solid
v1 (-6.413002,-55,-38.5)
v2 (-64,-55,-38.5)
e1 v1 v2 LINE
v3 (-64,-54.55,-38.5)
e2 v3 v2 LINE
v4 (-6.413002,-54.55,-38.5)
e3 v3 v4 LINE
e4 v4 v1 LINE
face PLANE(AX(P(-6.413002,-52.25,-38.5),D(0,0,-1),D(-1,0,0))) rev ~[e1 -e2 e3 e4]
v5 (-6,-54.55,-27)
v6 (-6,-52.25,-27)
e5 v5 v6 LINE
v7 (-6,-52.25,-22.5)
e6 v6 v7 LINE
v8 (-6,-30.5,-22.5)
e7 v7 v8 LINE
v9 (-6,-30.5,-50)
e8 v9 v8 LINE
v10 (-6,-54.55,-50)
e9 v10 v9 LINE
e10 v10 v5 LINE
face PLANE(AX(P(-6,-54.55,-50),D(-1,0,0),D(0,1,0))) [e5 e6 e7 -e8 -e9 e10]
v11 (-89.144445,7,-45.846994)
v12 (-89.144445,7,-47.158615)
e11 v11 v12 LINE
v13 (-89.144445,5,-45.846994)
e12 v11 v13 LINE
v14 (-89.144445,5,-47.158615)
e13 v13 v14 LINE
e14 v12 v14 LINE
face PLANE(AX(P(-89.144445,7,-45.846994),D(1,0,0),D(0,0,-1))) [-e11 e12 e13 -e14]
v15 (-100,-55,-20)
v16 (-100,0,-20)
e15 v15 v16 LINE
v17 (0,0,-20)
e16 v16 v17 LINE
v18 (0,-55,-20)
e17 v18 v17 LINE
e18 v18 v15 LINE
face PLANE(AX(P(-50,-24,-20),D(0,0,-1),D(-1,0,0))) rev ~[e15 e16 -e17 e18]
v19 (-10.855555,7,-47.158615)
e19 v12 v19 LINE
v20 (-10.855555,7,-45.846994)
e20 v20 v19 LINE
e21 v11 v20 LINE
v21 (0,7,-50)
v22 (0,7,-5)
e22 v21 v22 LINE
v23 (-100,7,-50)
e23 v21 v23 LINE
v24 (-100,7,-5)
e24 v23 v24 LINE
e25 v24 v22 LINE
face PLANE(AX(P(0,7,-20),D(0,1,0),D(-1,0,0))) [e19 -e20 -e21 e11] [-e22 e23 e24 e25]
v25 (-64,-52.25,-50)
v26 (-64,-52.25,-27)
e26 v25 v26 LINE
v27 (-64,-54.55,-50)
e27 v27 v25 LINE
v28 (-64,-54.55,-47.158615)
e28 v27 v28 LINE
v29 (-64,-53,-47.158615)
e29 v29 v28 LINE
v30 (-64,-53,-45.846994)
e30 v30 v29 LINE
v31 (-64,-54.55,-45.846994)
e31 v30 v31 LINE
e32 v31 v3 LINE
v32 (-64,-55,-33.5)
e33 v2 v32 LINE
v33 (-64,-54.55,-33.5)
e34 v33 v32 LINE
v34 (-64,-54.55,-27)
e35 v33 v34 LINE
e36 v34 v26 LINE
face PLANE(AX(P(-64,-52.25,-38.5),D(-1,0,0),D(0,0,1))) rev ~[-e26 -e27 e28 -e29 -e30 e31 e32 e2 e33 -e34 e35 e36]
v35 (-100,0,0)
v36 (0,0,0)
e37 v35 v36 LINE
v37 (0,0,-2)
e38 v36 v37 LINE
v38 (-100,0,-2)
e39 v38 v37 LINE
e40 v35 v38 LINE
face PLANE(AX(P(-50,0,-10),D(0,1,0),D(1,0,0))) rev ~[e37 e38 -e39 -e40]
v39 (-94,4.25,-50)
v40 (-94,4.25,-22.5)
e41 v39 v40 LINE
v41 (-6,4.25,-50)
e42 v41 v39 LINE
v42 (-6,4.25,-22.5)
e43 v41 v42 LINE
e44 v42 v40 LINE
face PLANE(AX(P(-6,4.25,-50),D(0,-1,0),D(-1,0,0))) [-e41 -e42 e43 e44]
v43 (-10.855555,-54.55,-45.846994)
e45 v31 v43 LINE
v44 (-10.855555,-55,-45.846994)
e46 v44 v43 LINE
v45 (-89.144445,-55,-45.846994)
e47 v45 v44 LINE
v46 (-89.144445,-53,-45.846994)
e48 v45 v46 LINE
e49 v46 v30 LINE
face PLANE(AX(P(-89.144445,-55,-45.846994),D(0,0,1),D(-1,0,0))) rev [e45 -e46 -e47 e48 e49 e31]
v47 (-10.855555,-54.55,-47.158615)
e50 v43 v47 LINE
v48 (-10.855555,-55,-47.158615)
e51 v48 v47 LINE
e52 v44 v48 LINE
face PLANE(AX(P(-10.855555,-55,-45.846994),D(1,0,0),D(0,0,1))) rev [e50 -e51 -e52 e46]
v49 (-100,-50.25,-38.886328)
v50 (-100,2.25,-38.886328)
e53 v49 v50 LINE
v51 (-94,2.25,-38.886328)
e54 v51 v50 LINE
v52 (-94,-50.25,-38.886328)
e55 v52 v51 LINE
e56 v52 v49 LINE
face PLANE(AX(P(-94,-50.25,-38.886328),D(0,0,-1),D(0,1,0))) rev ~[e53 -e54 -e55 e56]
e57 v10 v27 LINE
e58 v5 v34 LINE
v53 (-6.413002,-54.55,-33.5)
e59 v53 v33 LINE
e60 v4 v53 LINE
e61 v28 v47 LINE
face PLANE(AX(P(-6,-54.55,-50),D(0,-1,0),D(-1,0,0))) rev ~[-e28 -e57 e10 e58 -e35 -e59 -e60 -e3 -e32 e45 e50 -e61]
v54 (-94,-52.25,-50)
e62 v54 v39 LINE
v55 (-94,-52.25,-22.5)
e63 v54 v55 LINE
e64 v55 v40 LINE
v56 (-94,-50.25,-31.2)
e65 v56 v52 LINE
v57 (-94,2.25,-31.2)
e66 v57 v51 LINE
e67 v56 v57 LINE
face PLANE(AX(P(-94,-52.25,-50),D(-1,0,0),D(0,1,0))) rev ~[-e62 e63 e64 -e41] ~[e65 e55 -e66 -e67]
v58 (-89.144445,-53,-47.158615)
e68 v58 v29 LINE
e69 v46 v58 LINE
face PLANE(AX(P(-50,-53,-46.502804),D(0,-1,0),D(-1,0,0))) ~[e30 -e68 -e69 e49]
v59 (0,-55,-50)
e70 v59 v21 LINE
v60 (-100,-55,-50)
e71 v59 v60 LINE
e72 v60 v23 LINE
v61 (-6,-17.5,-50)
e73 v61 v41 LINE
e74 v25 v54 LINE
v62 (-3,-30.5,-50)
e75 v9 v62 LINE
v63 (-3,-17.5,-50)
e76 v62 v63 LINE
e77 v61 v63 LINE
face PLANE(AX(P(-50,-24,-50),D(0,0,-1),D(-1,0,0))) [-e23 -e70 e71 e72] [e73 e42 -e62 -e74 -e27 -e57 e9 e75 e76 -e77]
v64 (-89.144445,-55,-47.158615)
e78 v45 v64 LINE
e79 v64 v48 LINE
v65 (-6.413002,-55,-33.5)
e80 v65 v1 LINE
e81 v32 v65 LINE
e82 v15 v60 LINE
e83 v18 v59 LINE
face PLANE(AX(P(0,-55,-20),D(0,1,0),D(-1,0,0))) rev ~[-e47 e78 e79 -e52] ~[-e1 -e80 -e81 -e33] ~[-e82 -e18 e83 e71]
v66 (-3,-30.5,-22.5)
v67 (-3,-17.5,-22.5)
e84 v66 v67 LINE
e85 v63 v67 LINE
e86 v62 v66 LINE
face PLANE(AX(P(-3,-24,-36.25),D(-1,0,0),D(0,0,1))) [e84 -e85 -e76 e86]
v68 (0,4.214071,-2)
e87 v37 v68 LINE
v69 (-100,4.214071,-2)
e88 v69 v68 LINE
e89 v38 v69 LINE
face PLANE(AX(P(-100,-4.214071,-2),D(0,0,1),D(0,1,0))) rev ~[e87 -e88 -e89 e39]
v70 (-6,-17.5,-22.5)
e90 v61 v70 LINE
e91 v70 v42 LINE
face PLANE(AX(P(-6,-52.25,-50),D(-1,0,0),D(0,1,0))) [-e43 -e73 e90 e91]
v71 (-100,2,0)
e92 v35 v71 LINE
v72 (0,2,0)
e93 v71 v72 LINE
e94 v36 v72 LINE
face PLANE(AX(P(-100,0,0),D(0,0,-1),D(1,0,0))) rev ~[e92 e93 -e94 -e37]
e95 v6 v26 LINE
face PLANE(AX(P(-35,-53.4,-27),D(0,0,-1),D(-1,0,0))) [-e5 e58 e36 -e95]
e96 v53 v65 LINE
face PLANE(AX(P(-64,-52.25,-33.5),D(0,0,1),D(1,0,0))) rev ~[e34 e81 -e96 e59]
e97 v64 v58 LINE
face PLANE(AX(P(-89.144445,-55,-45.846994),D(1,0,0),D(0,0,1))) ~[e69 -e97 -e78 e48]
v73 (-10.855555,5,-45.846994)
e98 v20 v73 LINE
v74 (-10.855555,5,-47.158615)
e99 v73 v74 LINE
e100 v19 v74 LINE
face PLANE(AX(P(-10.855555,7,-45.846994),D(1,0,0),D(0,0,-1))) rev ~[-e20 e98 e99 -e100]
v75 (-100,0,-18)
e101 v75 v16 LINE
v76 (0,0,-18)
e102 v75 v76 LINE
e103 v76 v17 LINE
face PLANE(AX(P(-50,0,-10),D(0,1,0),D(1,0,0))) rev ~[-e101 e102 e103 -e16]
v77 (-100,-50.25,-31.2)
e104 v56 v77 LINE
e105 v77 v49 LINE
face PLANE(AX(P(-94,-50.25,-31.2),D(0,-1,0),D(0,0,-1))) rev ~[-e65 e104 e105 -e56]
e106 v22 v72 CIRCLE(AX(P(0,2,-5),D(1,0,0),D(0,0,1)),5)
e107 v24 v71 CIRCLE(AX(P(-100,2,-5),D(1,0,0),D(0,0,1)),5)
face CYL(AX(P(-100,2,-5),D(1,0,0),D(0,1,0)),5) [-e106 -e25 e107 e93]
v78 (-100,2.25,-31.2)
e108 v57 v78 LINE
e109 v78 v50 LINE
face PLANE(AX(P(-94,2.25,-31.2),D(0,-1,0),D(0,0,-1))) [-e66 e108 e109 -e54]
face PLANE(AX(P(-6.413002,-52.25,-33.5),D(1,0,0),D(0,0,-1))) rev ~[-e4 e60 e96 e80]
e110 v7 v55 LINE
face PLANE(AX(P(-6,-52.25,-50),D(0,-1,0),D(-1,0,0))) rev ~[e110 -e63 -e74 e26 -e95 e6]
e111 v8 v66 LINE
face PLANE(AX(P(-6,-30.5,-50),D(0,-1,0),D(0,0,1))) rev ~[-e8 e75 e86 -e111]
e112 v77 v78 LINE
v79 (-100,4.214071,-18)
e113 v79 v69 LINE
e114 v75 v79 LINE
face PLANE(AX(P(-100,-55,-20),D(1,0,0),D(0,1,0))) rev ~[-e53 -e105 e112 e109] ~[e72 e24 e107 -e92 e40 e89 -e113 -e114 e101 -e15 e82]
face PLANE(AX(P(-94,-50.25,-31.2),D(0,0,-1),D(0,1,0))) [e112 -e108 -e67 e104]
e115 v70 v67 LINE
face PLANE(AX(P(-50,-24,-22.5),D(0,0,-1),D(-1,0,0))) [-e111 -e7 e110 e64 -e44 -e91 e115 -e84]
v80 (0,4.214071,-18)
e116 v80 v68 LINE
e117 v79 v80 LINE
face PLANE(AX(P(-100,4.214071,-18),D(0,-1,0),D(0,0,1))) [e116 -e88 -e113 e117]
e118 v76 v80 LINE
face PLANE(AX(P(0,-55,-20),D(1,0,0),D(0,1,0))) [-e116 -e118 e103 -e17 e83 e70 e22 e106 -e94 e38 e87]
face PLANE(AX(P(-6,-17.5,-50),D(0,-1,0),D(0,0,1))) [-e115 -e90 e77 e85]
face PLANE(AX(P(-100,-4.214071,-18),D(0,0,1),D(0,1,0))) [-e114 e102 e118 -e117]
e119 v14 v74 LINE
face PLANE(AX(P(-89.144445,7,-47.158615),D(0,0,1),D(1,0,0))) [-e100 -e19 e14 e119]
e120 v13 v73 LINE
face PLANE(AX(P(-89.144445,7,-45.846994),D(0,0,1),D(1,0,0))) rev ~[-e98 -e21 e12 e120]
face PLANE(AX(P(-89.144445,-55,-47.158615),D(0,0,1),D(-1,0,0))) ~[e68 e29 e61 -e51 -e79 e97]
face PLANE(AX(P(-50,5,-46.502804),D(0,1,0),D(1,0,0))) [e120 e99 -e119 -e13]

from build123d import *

# Parameters (mm, degrees)
SKETCH1_W           = 100
SKETCH1_H           = 20
BOSS_EXTRUDE1_DEPTH = 7
SKETCH2_W           = 16
SKETCH2_H           = 8.428142516
CUT_EXTRUDE1_DEPTH  = 101
SKETCH3_W           = 100
SKETCH3_H           = 62
BOSS_EXTRUDE2_DEPTH = 30
SKETCH4_W           = 88
SKETCH4_H           = 56.5
CUT_EXTRUDE2_DEPTH  = 27.5
SKETCH5_W           = 7.686328358
SKETCH5_H           = 52.5
CUT_EXTRUDE3_DEPTH  = 7
SKETCH6_W           = 27.5
SKETCH6_H           = 13
CUT_EXTRUDE4_DEPTH  = 3
SKETCH7_W           = 58
SKETCH7_H           = 2.3
CUT_EXTRUDE5_DEPTH  = 23
CUT_EXTRUDE6_DEPTH  = 23
SKETCH10_W          = 78.288889142
SKETCH10_H          = 1.311621563
CUT_EXTRUDE7_DEPTH  = 2
FILLET2_R           = 5


with BuildPart() as part:
    # Sketch1 → Boss-Extrude1 (new body)
    with BuildSketch(Plane(origin=(0, 0, 0), x_dir=(1, 0, 0), z_dir=(0, 1, 0))):
        with Locations((-50, 10)):
            Rectangle(SKETCH1_W, SKETCH1_H)
    extrude(amount=BOSS_EXTRUDE1_DEPTH)

    # Sketch2 → Cut-Extrude1 (cut, through all)
    with BuildSketch(Plane.ZY.offset(100)):
        with Locations((-10, 0)):
            Rectangle(SKETCH2_W, SKETCH2_H)
    extrude(amount=-CUT_EXTRUDE1_DEPTH, mode=Mode.SUBTRACT)

    # Sketch3 → Boss-Extrude2 (add)
    with BuildSketch(Plane(origin=(0, 0, -20), x_dir=(-1, 0, 0), z_dir=(0, 0, -1))):
        with Locations((50, -24)):
            Rectangle(SKETCH3_W, SKETCH3_H)
    extrude(amount=BOSS_EXTRUDE2_DEPTH)

    # Sketch4 → Cut-Extrude2 (cut)
    with BuildSketch(Plane(origin=(0, 0, -50), x_dir=(-1, 0, 0), z_dir=(0, 0, -1))):
        with Locations((50, -24)):
            Rectangle(SKETCH4_W, SKETCH4_H)
    extrude(amount=-CUT_EXTRUDE2_DEPTH, mode=Mode.SUBTRACT)

    # Sketch5 → Cut-Extrude3 (cut, through all)
    with BuildSketch(Plane(origin=(-94, 0, 0), x_dir=(0, 0, -1), z_dir=(1, 0, 0))):
        with Locations((35.043164179, -24)):
            Rectangle(SKETCH5_W, SKETCH5_H)
    extrude(amount=-CUT_EXTRUDE3_DEPTH, mode=Mode.SUBTRACT)

    # Sketch6 → Cut-Extrude4 (cut)
    with BuildSketch(Plane.ZY.offset(6)):
        with Locations((-36.25, -24)):
            Rectangle(SKETCH6_W, SKETCH6_H)
    extrude(amount=-CUT_EXTRUDE4_DEPTH, mode=Mode.SUBTRACT)

    # Sketch7 → Cut-Extrude5 (cut)
    with BuildSketch(Plane(origin=(0, 0, -50), x_dir=(-1, 0, 0), z_dir=(0, 0, -1))):
        with Locations((35, -53.4)):
            Rectangle(SKETCH7_W, SKETCH7_H)
    extrude(amount=-CUT_EXTRUDE5_DEPTH, mode=Mode.SUBTRACT)

    # Sketch9 → Cut-Extrude6 (cut)
    with BuildSketch(Plane(origin=(0, -52.25, 0), x_dir=(1, 0, 0), z_dir=(0, 1, 0))):
        Polygon((-37.960647242, 38.5), (-64, 38.5), (-64, 33.5), (-37.960647242, 33.5), (-6.413001969, 33.5), (-6.413001969, 38.5), align=None)
    extrude(amount=-CUT_EXTRUDE6_DEPTH, mode=Mode.SUBTRACT)

    # Sketch10 → Cut-Extrude7 (cut)
    with BuildSketch(Plane(origin=(0, 7, 0), x_dir=(1, 0, 0), z_dir=(0, 1, 0))):
        with Locations((-50, 46.502804438)):
            Rectangle(SKETCH10_W, SKETCH10_H)
    cut_extrude7 = extrude(amount=-CUT_EXTRUDE7_DEPTH, mode=Mode.SUBTRACT)

    # Mirror1: Cut-Extrude7 across plane
    add(cut_extrude7.mirror(Plane.ZX.offset(-24)), mode=Mode.SUBTRACT)

    # Fillet2
    fillet2_edges = [part.edges().sort_by_distance(p)[0] for p in [
        (-50, 7, 0),
    ]]
    fillet(fillet2_edges, radius=FILLET2_R)


solid = part.part
